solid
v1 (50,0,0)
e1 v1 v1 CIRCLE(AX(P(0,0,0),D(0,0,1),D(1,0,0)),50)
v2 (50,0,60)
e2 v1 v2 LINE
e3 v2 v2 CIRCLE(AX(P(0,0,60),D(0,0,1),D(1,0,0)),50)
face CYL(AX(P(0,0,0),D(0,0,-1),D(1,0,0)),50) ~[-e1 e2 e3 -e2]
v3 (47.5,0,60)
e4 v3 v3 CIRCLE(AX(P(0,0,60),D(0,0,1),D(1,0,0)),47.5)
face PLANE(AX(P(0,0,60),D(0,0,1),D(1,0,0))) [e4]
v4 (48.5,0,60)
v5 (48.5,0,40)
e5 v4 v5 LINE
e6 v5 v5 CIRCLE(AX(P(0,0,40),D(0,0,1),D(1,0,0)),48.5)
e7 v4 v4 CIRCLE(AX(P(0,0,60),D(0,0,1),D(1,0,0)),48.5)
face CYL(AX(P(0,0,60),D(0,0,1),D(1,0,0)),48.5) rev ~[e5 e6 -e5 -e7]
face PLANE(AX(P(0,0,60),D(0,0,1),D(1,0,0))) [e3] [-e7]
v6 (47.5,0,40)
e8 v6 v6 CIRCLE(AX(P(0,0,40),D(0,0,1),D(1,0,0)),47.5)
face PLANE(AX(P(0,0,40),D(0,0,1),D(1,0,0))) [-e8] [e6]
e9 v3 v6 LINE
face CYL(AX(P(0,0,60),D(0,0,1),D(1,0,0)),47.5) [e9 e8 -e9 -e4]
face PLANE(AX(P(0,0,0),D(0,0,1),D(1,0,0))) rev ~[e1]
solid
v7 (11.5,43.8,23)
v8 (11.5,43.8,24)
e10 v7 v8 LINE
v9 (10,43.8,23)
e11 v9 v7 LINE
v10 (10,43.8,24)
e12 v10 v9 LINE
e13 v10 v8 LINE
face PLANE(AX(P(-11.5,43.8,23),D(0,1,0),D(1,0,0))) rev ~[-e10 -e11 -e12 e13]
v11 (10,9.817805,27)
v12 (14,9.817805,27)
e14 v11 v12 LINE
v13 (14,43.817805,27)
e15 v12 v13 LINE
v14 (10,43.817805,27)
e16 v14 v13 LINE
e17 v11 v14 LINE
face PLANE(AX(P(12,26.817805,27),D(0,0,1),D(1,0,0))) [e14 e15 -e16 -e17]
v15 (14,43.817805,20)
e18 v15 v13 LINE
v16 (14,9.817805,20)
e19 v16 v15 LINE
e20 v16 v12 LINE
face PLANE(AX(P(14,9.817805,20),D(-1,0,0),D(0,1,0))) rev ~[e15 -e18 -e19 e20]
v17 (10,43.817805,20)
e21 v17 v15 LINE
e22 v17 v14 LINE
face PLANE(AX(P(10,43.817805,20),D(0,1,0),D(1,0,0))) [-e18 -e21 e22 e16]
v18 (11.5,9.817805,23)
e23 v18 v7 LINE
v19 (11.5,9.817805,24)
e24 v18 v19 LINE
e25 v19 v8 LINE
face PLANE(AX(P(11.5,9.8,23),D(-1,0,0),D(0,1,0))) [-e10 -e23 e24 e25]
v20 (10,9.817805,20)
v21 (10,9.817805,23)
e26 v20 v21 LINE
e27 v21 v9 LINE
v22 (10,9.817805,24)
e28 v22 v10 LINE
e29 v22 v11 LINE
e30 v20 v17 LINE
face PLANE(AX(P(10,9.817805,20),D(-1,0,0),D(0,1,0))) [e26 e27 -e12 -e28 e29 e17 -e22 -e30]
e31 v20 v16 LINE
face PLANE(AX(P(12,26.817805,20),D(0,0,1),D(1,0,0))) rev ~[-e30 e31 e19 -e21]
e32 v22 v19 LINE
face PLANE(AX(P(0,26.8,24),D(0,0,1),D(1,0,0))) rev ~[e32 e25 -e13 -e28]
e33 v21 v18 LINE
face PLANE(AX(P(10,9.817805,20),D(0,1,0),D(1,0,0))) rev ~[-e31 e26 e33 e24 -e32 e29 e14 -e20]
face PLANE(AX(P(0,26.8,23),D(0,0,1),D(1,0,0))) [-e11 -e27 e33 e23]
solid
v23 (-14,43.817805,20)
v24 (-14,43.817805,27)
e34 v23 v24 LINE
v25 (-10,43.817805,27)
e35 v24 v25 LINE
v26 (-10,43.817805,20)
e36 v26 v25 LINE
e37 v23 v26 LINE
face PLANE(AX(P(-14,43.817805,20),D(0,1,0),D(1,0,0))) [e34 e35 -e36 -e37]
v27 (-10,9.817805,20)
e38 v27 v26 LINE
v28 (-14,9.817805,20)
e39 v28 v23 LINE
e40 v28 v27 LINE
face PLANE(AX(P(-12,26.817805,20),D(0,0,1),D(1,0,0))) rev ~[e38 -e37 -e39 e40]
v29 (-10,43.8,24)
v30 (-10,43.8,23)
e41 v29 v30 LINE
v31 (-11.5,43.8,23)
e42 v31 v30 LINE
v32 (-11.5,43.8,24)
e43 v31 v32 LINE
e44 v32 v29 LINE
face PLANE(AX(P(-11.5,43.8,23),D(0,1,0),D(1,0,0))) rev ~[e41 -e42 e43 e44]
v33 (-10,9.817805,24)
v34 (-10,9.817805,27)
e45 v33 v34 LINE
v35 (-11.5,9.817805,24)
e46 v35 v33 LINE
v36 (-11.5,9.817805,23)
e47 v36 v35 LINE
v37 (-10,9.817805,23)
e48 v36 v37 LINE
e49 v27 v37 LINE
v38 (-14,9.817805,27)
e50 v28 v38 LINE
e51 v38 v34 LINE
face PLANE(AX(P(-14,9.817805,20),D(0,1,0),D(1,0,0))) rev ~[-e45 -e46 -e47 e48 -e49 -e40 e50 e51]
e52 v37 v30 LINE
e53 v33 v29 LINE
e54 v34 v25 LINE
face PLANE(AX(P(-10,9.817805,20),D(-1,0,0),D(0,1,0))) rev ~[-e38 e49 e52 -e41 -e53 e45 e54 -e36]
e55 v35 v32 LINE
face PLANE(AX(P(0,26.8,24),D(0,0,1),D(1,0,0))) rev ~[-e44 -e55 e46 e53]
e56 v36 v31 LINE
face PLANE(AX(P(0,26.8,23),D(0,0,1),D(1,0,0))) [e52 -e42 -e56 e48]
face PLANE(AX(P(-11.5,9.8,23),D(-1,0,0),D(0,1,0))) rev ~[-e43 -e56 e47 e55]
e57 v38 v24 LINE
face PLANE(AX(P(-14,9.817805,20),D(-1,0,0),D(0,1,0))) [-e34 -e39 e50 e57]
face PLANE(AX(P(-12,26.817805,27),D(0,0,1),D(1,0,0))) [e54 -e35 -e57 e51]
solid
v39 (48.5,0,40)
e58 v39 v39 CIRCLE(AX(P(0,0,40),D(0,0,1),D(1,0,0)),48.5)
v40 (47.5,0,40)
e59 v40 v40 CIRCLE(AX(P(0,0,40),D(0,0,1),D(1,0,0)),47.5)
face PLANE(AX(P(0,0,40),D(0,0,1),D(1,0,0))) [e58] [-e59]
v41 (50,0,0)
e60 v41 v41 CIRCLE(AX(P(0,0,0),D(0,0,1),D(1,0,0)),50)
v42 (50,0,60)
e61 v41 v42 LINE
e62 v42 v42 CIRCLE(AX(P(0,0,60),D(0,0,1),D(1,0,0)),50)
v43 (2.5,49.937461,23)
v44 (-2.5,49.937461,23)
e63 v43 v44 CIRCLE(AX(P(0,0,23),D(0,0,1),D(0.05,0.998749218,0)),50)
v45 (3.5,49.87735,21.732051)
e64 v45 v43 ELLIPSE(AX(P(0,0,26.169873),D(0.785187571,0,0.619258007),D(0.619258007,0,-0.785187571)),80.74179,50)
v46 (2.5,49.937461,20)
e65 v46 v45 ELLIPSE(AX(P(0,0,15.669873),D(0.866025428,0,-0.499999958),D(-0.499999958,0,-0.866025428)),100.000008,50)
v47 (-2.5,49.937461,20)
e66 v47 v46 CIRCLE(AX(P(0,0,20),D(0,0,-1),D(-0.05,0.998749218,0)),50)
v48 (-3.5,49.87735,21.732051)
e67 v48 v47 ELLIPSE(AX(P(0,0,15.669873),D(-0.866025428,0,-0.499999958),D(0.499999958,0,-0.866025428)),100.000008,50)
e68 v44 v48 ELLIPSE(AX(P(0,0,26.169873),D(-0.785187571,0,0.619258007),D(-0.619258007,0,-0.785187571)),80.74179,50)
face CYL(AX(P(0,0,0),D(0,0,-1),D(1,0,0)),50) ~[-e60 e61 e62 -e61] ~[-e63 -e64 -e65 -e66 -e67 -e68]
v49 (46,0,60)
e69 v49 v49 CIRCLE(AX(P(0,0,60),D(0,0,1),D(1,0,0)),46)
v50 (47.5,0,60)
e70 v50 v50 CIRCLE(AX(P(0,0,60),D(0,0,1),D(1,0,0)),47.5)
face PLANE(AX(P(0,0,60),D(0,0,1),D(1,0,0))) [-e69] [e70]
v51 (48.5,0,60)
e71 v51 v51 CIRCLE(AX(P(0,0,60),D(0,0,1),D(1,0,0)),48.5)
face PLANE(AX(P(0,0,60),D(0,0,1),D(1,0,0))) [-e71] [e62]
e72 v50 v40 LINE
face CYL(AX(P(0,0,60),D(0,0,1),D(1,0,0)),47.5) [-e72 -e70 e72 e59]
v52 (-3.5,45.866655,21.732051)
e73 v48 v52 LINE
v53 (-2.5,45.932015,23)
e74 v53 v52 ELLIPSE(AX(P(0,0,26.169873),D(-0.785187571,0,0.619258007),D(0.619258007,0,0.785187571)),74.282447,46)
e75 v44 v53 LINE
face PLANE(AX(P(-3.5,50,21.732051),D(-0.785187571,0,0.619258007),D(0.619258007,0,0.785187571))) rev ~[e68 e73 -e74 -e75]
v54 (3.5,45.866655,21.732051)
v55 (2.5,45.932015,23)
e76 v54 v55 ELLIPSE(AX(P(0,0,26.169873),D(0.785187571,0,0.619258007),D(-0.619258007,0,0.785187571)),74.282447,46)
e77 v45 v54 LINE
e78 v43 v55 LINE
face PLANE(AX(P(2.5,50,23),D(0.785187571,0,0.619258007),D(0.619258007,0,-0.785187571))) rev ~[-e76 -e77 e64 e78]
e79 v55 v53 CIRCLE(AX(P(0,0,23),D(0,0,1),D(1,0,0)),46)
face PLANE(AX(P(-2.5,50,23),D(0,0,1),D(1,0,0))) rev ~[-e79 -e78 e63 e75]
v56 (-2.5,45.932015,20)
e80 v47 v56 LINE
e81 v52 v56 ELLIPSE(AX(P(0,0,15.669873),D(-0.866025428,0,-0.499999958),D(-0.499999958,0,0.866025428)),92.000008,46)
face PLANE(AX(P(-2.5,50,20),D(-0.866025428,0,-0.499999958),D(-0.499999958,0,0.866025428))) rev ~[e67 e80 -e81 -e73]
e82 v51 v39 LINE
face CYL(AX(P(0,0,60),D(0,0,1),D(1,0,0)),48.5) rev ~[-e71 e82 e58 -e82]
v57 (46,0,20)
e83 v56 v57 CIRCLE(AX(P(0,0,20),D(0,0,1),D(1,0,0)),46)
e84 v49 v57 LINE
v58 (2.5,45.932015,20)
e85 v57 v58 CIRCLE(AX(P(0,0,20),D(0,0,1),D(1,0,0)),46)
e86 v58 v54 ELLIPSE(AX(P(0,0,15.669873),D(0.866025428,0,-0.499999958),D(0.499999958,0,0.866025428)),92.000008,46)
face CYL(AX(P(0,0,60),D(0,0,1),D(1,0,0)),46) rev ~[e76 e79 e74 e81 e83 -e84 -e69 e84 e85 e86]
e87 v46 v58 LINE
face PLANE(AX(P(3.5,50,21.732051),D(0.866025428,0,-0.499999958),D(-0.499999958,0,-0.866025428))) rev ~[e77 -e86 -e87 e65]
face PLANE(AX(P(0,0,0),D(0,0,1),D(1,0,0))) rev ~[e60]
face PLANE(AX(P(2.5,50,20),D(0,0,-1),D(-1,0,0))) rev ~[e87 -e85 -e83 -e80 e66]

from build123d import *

# Parameters (mm, degrees)
SKETCH001_R      = 48.5
SKETCH001_R_2    = 47.5
EXTRUDE001_DEPTH = 20
SKETCH_R         = 50
EXTRUDE_DEPTH    = 60
EXTRUDE003_DEPTH = 4.5
SKETCH002_R      = 46
EXTRUDE002_DEPTH = 40
BOX_W            = 23
BOX_H            = 34
BOX_DEPTH        = 1
SKETCH004_W      = 4
SKETCH004_H      = 34
EXTRUDE004_DEPTH = 7


with BuildPart() as extrude001:
    # Sketch001 (on Face3 of Extrude) → Extrude001 (new body)
    with BuildSketch(Plane.XY.offset(60)):
        Circle(SKETCH001_R)
        Circle(SKETCH001_R_2, mode=Mode.SUBTRACT)
    extrude(amount=-EXTRUDE001_DEPTH)


with BuildPart() as extrude_body:
    # Sketch → Extrude (new body)
    with BuildSketch(Plane.XY):
        Circle(SKETCH_R)
    extrude(amount=EXTRUDE_DEPTH)


with BuildPart() as cut:
    # Cut base: copy of Extrude body
    add(extrude_body.part)

    # Cut: cut Extrude001
    add(extrude001.part, mode=Mode.SUBTRACT)


with BuildPart() as extrude003:
    # Sketch003 → Extrude003 (new body)
    with BuildSketch(Plane.XZ.offset(-50)):
        Polygon((-2.5, 23), (2.5, 23), (3.5, 21.732051), (2.5, 20), (-2.5, 20), (-3.5, 21.732051), align=None)
    extrude(amount=EXTRUDE003_DEPTH)


with BuildPart() as extrude002:
    # Sketch002 (on Face7 of Cut) → Extrude002 (new body)
    with BuildSketch(Plane.XY.offset(60)):
        Circle(SKETCH002_R)
    extrude(amount=-EXTRUDE002_DEPTH)


with BuildPart() as cut003:
    # Cut001 base: copy of Extrude body
    add(extrude_body.part)

    # Cut001: cut Extrude001
    add(extrude001.part, mode=Mode.SUBTRACT)

    # Cut002: cut Extrude002
    add(extrude002.part, mode=Mode.SUBTRACT)

    # Cut003: cut Extrude003
    add(extrude003.part, mode=Mode.SUBTRACT)


with BuildPart() as box:
    # Box → Box (new body)
    with BuildSketch(Plane(origin=(-11.5, 9.8, 23), x_dir=(1, 0, 0), z_dir=(0, 0, 1))):
        with Locations((11.5, 17)):
            Rectangle(BOX_W, BOX_H)
    extrude(amount=BOX_DEPTH)


with BuildPart() as cut004:
    # Sketch004 (on Face14 of Cut003) → Extrude004 (new body)
    with BuildSketch(Plane.XY.offset(20)):
        with Locations((-12, 26.817805)):
            Rectangle(SKETCH004_W, SKETCH004_H)
        with Locations((12, 26.817805)):
            Rectangle(SKETCH004_W, SKETCH004_H)
    extrude(amount=EXTRUDE004_DEPTH)

    # Cut004: cut Box
    add(box.part, mode=Mode.SUBTRACT)


solid = Compound([cut.part, cut003.part, cut004.part])
